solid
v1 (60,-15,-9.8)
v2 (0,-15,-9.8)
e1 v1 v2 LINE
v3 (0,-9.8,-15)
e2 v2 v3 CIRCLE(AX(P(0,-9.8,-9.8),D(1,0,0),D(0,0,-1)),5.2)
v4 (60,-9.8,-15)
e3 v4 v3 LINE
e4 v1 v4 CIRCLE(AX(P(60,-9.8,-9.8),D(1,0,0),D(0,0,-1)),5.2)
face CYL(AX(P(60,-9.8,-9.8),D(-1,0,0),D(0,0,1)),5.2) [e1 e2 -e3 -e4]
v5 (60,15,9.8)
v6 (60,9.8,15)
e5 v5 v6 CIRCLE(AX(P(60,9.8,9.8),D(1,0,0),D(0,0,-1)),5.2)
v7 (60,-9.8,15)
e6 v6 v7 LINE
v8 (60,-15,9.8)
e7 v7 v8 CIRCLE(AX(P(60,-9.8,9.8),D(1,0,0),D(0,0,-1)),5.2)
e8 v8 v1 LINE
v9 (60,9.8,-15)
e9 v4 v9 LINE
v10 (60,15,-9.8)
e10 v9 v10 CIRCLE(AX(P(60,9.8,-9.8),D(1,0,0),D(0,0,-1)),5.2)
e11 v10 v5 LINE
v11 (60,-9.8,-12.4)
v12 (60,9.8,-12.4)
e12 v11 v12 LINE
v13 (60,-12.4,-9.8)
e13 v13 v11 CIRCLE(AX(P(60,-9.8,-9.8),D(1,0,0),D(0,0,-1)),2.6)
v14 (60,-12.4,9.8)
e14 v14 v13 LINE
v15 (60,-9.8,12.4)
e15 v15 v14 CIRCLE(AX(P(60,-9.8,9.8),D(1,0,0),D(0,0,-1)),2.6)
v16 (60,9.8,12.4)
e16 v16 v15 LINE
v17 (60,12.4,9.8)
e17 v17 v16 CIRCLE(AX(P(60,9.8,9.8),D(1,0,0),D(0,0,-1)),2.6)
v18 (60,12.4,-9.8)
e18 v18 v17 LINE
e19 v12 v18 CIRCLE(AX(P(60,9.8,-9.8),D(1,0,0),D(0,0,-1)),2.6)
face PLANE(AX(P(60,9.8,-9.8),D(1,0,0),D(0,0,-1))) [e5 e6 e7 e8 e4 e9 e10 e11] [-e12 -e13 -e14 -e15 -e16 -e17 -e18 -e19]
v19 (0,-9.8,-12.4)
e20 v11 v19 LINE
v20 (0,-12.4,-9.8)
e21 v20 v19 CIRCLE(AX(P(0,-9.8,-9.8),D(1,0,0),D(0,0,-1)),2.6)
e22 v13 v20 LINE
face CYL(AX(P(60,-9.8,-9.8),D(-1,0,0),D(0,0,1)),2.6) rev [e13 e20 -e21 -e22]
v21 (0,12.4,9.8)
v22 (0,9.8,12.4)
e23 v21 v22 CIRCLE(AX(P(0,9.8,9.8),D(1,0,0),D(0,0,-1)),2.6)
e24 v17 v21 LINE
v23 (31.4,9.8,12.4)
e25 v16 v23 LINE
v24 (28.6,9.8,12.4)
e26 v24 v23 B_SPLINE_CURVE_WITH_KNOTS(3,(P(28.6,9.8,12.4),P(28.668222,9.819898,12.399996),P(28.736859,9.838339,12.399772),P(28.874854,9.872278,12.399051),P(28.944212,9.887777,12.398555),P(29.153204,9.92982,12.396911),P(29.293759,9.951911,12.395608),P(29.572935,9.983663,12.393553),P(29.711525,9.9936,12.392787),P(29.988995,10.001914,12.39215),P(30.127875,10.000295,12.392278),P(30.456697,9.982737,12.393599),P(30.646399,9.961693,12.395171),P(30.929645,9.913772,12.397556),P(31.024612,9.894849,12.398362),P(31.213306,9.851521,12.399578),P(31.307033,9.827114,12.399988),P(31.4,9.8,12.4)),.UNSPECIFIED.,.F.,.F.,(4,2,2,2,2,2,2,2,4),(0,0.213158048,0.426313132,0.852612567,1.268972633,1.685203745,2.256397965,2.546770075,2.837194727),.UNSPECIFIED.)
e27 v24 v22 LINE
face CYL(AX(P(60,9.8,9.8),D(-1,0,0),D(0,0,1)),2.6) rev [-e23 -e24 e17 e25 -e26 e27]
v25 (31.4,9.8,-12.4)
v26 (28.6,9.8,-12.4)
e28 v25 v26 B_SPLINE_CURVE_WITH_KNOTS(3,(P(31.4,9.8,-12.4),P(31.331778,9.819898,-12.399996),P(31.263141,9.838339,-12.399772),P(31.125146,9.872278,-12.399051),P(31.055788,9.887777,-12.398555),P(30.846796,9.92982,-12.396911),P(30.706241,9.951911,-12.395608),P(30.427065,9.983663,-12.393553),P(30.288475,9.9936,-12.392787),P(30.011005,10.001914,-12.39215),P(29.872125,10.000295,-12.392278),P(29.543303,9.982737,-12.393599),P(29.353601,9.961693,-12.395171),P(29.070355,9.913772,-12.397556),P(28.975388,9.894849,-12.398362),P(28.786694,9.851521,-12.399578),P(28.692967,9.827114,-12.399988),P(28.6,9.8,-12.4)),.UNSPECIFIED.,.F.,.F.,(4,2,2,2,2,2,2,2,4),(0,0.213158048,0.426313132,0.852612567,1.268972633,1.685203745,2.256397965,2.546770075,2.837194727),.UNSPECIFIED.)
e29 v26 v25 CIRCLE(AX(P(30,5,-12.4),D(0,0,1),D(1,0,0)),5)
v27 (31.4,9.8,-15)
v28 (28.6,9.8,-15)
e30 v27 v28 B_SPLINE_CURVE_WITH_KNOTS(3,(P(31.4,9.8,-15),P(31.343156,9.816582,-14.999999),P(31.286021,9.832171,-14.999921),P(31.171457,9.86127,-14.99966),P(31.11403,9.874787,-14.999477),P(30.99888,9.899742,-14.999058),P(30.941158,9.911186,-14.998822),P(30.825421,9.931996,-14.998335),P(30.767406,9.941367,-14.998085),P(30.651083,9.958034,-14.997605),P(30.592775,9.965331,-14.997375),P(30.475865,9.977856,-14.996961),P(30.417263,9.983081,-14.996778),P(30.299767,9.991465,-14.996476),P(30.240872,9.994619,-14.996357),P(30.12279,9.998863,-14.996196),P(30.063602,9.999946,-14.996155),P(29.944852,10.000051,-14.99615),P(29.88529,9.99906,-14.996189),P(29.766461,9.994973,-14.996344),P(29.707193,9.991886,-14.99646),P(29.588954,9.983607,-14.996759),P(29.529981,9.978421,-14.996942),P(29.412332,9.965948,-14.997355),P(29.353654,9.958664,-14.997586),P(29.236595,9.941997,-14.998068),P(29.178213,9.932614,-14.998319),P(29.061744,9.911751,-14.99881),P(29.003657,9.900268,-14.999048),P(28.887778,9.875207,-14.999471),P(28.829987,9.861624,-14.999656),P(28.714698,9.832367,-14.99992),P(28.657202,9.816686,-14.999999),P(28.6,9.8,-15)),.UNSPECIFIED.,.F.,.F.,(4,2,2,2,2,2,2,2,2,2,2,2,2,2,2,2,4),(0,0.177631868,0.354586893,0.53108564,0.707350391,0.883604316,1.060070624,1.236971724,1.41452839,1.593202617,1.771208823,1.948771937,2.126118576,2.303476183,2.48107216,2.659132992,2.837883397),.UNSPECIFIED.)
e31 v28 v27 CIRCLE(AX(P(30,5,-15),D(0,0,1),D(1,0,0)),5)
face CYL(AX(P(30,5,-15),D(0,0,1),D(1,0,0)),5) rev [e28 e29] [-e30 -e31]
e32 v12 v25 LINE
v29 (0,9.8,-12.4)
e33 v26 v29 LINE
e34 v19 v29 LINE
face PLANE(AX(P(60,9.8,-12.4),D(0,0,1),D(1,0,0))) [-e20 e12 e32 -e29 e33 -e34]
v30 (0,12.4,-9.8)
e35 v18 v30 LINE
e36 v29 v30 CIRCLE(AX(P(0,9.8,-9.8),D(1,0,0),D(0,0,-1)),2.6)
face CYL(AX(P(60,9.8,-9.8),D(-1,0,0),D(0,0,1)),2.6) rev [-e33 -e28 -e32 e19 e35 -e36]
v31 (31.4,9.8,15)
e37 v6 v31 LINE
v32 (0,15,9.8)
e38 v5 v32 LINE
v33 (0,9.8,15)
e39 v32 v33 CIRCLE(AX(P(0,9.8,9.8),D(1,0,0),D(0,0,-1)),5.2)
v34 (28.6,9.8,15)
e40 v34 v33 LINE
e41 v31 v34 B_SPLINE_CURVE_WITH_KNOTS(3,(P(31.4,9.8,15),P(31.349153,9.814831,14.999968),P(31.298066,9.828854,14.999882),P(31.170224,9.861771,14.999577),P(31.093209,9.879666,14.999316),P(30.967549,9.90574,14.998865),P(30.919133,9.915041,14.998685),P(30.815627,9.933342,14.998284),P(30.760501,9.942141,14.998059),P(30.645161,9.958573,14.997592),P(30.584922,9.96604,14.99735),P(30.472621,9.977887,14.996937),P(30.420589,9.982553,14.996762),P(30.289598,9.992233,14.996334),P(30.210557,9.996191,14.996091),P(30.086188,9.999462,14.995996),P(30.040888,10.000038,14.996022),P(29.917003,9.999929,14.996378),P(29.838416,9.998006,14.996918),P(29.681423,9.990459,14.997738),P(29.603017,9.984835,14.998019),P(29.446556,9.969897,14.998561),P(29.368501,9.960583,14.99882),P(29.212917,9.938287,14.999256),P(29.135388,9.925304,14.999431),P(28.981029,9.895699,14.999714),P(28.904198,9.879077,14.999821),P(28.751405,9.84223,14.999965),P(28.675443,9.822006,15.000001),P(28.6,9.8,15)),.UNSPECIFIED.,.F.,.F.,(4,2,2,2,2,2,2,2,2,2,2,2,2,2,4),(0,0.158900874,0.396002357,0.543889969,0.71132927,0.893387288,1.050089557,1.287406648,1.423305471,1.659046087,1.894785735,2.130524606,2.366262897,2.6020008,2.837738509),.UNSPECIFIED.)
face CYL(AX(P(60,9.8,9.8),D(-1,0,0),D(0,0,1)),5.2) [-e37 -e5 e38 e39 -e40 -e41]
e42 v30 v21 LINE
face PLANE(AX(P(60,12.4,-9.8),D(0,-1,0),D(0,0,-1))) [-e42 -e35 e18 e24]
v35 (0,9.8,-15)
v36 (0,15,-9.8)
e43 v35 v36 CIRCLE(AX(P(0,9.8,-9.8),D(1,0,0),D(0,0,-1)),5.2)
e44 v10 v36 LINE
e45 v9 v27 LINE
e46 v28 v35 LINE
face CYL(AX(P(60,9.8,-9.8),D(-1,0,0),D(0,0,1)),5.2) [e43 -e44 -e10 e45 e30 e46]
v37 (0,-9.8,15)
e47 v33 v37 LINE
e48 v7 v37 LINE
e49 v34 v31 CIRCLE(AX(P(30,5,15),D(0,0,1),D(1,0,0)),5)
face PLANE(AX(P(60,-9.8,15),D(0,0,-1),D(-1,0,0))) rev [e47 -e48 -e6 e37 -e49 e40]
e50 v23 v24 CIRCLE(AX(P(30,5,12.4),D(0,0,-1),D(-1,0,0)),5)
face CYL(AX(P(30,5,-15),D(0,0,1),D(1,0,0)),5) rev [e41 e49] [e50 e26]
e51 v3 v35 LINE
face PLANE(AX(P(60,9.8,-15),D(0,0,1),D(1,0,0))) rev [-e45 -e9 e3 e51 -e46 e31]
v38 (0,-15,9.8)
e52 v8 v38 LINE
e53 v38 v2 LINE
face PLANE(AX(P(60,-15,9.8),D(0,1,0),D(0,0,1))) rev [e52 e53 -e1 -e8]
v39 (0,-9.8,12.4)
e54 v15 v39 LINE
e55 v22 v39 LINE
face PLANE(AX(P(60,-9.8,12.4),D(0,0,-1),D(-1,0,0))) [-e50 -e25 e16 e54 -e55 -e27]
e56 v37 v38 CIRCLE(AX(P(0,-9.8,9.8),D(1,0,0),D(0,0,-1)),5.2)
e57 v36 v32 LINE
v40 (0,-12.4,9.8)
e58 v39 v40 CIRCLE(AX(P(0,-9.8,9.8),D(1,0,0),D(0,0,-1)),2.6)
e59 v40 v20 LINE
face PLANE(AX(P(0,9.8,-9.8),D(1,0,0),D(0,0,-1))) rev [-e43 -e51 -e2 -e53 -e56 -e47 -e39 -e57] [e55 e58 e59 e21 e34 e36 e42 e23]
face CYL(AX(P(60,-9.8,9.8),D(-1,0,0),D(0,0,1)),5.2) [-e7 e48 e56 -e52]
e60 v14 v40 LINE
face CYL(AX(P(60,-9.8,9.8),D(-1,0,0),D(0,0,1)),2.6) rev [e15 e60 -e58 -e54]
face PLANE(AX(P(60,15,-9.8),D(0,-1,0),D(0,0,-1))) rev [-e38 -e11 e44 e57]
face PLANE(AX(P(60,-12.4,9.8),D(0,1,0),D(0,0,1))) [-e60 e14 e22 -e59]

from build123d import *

# Parameters (mm, degrees)
RURA_KWADRATOWA_30_X_30_X_2_6_1_DEPTH = 60
SZKIC3_R                              = 5
WYTNIJ_WYCI_GNI_CIE1_DEPTH            = 69.738635424


with BuildPart() as part:
    # Sketch11 → Rura kwadratowa 30 X 30 X 2.6(1) (new body)
    with BuildSketch(Plane(origin=(0, 0, 0), x_dir=(0, 0, -1), z_dir=(1, 0, 0))):
        with BuildLine():
            Line((-9.8, -15), (9.8, -15))
            ThreePointArc((9.8, -15), (13.476955262, -13.476955262), (15, -9.8))
            Line((15, -9.8), (15, 9.8))
            ThreePointArc((15, 9.8), (13.476955262, 13.476955262), (9.8, 15))
            Line((9.8, 15), (-9.8, 15))
            ThreePointArc((-9.8, 15), (-13.476955262, 13.476955262), (-15, 9.8))
            Line((-15, 9.8), (-15, -9.8))
            ThreePointArc((-15, -9.8), (-13.476955262, -13.476955262), (-9.8, -15))
        make_face()
        with BuildLine():
            Line((-9.8, -12.4), (9.8, -12.4))
            ThreePointArc((9.8, -12.4), (11.638477631, -11.638477631), (12.4, -9.8))
            Line((12.4, -9.8), (12.4, 9.8))
            ThreePointArc((12.4, 9.8), (11.638477631, 11.638477631), (9.8, 12.4))
            Line((9.8, 12.4), (-9.8, 12.4))
            ThreePointArc((-9.8, 12.4), (-11.638477631, 11.638477631), (-12.4, 9.8))
            Line((-12.4, 9.8), (-12.4, -9.8))
            ThreePointArc((-12.4, -9.8), (-11.638477631, -11.638477631), (-9.8, -12.4))
        make_face(mode=Mode.SUBTRACT)
    extrude(amount=RURA_KWADRATOWA_30_X_30_X_2_6_1_DEPTH)

    # Szkic3 → Wytnij-wyciągnięcie1 (cut, through all)
    with BuildSketch(Plane.XY.offset(15)):
        with Locations(Location((30, 5, 0), (0, 0, 73.739795292))):
            Circle(SZKIC3_R)
    extrude(amount=-WYTNIJ_WYCI_GNI_CIE1_DEPTH, mode=Mode.SUBTRACT)


solid = part.part
